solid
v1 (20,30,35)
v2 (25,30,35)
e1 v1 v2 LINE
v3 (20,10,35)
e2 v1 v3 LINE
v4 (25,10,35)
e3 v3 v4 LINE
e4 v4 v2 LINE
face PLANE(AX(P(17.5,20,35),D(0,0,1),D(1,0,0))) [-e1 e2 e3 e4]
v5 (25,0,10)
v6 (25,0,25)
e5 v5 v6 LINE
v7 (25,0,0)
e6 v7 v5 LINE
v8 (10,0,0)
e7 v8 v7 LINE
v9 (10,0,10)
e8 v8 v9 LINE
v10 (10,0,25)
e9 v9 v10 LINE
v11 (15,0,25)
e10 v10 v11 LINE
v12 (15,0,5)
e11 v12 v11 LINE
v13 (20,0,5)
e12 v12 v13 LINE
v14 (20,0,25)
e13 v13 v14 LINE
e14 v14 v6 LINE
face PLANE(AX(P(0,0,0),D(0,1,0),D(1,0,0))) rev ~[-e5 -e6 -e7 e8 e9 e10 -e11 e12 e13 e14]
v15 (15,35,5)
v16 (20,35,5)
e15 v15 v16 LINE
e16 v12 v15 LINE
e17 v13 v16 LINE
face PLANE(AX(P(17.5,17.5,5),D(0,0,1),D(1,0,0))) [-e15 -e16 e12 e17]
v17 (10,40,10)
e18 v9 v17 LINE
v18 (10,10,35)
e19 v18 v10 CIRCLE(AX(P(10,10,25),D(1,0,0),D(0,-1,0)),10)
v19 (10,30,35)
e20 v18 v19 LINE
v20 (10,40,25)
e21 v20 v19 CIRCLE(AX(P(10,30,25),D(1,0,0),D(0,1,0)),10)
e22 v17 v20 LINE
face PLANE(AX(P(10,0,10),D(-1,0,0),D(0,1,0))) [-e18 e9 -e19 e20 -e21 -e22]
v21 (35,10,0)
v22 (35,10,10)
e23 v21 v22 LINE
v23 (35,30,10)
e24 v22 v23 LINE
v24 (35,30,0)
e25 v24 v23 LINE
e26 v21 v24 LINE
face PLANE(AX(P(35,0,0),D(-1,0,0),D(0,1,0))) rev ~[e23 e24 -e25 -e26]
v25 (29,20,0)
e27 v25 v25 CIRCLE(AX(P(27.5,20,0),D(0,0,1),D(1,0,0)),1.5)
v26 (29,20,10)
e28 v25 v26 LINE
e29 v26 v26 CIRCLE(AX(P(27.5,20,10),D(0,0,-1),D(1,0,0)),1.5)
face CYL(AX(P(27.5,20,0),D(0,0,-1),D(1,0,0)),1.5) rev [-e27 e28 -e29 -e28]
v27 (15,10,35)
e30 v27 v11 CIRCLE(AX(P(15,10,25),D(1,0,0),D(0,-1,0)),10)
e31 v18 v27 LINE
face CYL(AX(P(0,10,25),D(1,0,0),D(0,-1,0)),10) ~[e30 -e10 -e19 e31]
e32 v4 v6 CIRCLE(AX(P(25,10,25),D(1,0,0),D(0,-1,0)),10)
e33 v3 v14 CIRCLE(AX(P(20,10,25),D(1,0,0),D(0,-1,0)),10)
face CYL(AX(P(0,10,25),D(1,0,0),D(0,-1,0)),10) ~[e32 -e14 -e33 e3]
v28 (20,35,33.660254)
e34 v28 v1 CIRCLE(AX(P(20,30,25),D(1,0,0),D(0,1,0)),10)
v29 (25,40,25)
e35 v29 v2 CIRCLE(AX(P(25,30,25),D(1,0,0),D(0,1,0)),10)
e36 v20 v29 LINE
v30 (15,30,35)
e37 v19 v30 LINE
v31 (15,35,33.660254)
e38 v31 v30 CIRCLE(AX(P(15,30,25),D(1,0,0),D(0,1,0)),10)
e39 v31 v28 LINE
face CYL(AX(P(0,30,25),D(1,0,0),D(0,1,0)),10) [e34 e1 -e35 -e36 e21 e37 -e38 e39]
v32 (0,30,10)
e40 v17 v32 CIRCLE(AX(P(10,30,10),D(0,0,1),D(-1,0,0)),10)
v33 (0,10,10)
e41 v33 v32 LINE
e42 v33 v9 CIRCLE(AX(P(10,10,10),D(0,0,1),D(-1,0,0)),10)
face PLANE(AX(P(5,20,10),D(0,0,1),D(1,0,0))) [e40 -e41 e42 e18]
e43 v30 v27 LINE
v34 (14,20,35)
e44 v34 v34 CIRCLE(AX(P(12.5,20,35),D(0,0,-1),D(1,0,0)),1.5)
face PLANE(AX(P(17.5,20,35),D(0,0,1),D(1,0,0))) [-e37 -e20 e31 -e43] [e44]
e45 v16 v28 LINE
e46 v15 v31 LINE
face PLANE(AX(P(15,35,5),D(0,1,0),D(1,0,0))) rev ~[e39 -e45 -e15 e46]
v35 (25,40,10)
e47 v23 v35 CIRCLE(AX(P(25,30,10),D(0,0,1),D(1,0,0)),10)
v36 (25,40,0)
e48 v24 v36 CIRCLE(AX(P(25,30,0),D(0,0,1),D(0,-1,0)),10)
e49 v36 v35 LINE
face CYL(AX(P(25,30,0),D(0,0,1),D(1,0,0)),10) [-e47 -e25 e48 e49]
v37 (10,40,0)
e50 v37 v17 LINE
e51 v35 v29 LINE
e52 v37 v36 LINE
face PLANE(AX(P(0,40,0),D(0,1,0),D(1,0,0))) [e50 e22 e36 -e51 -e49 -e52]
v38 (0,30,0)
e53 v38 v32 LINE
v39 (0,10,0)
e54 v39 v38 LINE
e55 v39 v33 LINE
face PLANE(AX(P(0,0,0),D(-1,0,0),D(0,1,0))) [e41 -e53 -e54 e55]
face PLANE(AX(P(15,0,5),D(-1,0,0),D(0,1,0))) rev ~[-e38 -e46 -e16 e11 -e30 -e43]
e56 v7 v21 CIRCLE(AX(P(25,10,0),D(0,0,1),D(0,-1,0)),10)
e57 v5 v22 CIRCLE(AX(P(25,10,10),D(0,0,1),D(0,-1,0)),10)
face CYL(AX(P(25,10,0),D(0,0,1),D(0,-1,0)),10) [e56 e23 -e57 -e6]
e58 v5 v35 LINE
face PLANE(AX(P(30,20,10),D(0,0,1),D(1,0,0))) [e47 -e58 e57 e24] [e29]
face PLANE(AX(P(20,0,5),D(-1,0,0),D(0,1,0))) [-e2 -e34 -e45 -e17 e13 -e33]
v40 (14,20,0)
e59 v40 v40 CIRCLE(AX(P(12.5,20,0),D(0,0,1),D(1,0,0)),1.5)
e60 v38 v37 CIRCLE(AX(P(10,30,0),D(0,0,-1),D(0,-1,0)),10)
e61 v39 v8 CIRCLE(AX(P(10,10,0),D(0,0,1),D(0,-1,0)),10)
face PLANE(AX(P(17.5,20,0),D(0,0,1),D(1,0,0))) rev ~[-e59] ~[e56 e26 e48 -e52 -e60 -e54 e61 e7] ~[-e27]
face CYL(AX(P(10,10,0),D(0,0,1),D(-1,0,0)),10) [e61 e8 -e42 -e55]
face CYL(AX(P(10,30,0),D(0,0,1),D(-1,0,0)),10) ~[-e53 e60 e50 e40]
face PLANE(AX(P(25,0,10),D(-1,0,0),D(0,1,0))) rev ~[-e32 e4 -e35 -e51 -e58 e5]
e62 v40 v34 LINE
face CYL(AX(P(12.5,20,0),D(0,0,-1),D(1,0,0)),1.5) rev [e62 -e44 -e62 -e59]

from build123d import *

# Parameters (mm, degrees)
CYLINDER001_R     = 1.5
CYLINDER001_DEPTH = 40
CYLINDER_R        = 1.5
CYLINDER_DEPTH    = 40
BOX003_W          = 10
BOX003_H          = 40
BOX003_DEPTH      = 25
BOX002_W          = 5
BOX002_H          = 35
BOX002_DEPTH      = 35
BOX001_W          = 10
BOX001_H          = 40
BOX001_DEPTH      = 25
BOX_W             = 35
BOX_H             = 40
BOX_DEPTH         = 35
FILLET_R          = 10


with BuildPart() as cylinder001:
    # Cylinder001 → Cylinder001 (new body)
    with BuildSketch(Plane(origin=(27.5, 20, 0), x_dir=(1, 0, 0), z_dir=(0, 0, 1))):
        Circle(CYLINDER001_R)
    extrude(amount=CYLINDER001_DEPTH)


with BuildPart() as cylinder:
    # Cylinder → Cylinder (new body)
    with BuildSketch(Plane(origin=(12.5, 20, 0), x_dir=(1, 0, 0), z_dir=(0, 0, 1))):
        Circle(CYLINDER_R)
    extrude(amount=CYLINDER_DEPTH)


with BuildPart() as cube003:
    # Box003 → Box003 (new body)
    with BuildSketch(Plane(origin=(25, 0, 10), x_dir=(1, 0, 0), z_dir=(0, 0, 1))):
        with Locations((5, 20)):
            Rectangle(BOX003_W, BOX003_H)
    extrude(amount=BOX003_DEPTH)


with BuildPart() as cube002:
    # Box002 → Box002 (new body)
    with BuildSketch(Plane(origin=(15, 0, 5), x_dir=(1, 0, 0), z_dir=(0, 0, 1))):
        with Locations((2.5, 17.5)):
            Rectangle(BOX002_W, BOX002_H)
    extrude(amount=BOX002_DEPTH)


with BuildPart() as cube001:
    # Box001 → Box001 (new body)
    with BuildSketch(Plane.XY.offset(10)):
        with Locations((5, 20)):
            Rectangle(BOX001_W, BOX001_H)
    extrude(amount=BOX001_DEPTH)


with BuildPart() as cut004:
    # Box → Box (new body)
    with BuildSketch(Plane.XY):
        with Locations((17.5, 20)):
            Rectangle(BOX_W, BOX_H)
    extrude(amount=BOX_DEPTH)

    # Fillet
    fillet_edges = [cut004.edges().sort_by_distance(p)[0] for p in [
        (0, 0, 17.5),
        (0, 40, 17.5),
        (35, 0, 17.5),
        (35, 40, 17.5),
        (17.5, 0, 35),
        (17.5, 40, 35),
    ]]
    fillet(fillet_edges, radius=FILLET_R)

    # Cut: cut Cube001
    add(cube001.part, mode=Mode.SUBTRACT)

    # Cut001: cut Cube002
    add(cube002.part, mode=Mode.SUBTRACT)

    # Cut002: cut Cube003
    add(cube003.part, mode=Mode.SUBTRACT)

    # Cut003: cut Cylinder
    add(cylinder.part, mode=Mode.SUBTRACT)

    # Cut004: cut Cylinder001
    add(cylinder001.part, mode=Mode.SUBTRACT)


solid = cut004.part
